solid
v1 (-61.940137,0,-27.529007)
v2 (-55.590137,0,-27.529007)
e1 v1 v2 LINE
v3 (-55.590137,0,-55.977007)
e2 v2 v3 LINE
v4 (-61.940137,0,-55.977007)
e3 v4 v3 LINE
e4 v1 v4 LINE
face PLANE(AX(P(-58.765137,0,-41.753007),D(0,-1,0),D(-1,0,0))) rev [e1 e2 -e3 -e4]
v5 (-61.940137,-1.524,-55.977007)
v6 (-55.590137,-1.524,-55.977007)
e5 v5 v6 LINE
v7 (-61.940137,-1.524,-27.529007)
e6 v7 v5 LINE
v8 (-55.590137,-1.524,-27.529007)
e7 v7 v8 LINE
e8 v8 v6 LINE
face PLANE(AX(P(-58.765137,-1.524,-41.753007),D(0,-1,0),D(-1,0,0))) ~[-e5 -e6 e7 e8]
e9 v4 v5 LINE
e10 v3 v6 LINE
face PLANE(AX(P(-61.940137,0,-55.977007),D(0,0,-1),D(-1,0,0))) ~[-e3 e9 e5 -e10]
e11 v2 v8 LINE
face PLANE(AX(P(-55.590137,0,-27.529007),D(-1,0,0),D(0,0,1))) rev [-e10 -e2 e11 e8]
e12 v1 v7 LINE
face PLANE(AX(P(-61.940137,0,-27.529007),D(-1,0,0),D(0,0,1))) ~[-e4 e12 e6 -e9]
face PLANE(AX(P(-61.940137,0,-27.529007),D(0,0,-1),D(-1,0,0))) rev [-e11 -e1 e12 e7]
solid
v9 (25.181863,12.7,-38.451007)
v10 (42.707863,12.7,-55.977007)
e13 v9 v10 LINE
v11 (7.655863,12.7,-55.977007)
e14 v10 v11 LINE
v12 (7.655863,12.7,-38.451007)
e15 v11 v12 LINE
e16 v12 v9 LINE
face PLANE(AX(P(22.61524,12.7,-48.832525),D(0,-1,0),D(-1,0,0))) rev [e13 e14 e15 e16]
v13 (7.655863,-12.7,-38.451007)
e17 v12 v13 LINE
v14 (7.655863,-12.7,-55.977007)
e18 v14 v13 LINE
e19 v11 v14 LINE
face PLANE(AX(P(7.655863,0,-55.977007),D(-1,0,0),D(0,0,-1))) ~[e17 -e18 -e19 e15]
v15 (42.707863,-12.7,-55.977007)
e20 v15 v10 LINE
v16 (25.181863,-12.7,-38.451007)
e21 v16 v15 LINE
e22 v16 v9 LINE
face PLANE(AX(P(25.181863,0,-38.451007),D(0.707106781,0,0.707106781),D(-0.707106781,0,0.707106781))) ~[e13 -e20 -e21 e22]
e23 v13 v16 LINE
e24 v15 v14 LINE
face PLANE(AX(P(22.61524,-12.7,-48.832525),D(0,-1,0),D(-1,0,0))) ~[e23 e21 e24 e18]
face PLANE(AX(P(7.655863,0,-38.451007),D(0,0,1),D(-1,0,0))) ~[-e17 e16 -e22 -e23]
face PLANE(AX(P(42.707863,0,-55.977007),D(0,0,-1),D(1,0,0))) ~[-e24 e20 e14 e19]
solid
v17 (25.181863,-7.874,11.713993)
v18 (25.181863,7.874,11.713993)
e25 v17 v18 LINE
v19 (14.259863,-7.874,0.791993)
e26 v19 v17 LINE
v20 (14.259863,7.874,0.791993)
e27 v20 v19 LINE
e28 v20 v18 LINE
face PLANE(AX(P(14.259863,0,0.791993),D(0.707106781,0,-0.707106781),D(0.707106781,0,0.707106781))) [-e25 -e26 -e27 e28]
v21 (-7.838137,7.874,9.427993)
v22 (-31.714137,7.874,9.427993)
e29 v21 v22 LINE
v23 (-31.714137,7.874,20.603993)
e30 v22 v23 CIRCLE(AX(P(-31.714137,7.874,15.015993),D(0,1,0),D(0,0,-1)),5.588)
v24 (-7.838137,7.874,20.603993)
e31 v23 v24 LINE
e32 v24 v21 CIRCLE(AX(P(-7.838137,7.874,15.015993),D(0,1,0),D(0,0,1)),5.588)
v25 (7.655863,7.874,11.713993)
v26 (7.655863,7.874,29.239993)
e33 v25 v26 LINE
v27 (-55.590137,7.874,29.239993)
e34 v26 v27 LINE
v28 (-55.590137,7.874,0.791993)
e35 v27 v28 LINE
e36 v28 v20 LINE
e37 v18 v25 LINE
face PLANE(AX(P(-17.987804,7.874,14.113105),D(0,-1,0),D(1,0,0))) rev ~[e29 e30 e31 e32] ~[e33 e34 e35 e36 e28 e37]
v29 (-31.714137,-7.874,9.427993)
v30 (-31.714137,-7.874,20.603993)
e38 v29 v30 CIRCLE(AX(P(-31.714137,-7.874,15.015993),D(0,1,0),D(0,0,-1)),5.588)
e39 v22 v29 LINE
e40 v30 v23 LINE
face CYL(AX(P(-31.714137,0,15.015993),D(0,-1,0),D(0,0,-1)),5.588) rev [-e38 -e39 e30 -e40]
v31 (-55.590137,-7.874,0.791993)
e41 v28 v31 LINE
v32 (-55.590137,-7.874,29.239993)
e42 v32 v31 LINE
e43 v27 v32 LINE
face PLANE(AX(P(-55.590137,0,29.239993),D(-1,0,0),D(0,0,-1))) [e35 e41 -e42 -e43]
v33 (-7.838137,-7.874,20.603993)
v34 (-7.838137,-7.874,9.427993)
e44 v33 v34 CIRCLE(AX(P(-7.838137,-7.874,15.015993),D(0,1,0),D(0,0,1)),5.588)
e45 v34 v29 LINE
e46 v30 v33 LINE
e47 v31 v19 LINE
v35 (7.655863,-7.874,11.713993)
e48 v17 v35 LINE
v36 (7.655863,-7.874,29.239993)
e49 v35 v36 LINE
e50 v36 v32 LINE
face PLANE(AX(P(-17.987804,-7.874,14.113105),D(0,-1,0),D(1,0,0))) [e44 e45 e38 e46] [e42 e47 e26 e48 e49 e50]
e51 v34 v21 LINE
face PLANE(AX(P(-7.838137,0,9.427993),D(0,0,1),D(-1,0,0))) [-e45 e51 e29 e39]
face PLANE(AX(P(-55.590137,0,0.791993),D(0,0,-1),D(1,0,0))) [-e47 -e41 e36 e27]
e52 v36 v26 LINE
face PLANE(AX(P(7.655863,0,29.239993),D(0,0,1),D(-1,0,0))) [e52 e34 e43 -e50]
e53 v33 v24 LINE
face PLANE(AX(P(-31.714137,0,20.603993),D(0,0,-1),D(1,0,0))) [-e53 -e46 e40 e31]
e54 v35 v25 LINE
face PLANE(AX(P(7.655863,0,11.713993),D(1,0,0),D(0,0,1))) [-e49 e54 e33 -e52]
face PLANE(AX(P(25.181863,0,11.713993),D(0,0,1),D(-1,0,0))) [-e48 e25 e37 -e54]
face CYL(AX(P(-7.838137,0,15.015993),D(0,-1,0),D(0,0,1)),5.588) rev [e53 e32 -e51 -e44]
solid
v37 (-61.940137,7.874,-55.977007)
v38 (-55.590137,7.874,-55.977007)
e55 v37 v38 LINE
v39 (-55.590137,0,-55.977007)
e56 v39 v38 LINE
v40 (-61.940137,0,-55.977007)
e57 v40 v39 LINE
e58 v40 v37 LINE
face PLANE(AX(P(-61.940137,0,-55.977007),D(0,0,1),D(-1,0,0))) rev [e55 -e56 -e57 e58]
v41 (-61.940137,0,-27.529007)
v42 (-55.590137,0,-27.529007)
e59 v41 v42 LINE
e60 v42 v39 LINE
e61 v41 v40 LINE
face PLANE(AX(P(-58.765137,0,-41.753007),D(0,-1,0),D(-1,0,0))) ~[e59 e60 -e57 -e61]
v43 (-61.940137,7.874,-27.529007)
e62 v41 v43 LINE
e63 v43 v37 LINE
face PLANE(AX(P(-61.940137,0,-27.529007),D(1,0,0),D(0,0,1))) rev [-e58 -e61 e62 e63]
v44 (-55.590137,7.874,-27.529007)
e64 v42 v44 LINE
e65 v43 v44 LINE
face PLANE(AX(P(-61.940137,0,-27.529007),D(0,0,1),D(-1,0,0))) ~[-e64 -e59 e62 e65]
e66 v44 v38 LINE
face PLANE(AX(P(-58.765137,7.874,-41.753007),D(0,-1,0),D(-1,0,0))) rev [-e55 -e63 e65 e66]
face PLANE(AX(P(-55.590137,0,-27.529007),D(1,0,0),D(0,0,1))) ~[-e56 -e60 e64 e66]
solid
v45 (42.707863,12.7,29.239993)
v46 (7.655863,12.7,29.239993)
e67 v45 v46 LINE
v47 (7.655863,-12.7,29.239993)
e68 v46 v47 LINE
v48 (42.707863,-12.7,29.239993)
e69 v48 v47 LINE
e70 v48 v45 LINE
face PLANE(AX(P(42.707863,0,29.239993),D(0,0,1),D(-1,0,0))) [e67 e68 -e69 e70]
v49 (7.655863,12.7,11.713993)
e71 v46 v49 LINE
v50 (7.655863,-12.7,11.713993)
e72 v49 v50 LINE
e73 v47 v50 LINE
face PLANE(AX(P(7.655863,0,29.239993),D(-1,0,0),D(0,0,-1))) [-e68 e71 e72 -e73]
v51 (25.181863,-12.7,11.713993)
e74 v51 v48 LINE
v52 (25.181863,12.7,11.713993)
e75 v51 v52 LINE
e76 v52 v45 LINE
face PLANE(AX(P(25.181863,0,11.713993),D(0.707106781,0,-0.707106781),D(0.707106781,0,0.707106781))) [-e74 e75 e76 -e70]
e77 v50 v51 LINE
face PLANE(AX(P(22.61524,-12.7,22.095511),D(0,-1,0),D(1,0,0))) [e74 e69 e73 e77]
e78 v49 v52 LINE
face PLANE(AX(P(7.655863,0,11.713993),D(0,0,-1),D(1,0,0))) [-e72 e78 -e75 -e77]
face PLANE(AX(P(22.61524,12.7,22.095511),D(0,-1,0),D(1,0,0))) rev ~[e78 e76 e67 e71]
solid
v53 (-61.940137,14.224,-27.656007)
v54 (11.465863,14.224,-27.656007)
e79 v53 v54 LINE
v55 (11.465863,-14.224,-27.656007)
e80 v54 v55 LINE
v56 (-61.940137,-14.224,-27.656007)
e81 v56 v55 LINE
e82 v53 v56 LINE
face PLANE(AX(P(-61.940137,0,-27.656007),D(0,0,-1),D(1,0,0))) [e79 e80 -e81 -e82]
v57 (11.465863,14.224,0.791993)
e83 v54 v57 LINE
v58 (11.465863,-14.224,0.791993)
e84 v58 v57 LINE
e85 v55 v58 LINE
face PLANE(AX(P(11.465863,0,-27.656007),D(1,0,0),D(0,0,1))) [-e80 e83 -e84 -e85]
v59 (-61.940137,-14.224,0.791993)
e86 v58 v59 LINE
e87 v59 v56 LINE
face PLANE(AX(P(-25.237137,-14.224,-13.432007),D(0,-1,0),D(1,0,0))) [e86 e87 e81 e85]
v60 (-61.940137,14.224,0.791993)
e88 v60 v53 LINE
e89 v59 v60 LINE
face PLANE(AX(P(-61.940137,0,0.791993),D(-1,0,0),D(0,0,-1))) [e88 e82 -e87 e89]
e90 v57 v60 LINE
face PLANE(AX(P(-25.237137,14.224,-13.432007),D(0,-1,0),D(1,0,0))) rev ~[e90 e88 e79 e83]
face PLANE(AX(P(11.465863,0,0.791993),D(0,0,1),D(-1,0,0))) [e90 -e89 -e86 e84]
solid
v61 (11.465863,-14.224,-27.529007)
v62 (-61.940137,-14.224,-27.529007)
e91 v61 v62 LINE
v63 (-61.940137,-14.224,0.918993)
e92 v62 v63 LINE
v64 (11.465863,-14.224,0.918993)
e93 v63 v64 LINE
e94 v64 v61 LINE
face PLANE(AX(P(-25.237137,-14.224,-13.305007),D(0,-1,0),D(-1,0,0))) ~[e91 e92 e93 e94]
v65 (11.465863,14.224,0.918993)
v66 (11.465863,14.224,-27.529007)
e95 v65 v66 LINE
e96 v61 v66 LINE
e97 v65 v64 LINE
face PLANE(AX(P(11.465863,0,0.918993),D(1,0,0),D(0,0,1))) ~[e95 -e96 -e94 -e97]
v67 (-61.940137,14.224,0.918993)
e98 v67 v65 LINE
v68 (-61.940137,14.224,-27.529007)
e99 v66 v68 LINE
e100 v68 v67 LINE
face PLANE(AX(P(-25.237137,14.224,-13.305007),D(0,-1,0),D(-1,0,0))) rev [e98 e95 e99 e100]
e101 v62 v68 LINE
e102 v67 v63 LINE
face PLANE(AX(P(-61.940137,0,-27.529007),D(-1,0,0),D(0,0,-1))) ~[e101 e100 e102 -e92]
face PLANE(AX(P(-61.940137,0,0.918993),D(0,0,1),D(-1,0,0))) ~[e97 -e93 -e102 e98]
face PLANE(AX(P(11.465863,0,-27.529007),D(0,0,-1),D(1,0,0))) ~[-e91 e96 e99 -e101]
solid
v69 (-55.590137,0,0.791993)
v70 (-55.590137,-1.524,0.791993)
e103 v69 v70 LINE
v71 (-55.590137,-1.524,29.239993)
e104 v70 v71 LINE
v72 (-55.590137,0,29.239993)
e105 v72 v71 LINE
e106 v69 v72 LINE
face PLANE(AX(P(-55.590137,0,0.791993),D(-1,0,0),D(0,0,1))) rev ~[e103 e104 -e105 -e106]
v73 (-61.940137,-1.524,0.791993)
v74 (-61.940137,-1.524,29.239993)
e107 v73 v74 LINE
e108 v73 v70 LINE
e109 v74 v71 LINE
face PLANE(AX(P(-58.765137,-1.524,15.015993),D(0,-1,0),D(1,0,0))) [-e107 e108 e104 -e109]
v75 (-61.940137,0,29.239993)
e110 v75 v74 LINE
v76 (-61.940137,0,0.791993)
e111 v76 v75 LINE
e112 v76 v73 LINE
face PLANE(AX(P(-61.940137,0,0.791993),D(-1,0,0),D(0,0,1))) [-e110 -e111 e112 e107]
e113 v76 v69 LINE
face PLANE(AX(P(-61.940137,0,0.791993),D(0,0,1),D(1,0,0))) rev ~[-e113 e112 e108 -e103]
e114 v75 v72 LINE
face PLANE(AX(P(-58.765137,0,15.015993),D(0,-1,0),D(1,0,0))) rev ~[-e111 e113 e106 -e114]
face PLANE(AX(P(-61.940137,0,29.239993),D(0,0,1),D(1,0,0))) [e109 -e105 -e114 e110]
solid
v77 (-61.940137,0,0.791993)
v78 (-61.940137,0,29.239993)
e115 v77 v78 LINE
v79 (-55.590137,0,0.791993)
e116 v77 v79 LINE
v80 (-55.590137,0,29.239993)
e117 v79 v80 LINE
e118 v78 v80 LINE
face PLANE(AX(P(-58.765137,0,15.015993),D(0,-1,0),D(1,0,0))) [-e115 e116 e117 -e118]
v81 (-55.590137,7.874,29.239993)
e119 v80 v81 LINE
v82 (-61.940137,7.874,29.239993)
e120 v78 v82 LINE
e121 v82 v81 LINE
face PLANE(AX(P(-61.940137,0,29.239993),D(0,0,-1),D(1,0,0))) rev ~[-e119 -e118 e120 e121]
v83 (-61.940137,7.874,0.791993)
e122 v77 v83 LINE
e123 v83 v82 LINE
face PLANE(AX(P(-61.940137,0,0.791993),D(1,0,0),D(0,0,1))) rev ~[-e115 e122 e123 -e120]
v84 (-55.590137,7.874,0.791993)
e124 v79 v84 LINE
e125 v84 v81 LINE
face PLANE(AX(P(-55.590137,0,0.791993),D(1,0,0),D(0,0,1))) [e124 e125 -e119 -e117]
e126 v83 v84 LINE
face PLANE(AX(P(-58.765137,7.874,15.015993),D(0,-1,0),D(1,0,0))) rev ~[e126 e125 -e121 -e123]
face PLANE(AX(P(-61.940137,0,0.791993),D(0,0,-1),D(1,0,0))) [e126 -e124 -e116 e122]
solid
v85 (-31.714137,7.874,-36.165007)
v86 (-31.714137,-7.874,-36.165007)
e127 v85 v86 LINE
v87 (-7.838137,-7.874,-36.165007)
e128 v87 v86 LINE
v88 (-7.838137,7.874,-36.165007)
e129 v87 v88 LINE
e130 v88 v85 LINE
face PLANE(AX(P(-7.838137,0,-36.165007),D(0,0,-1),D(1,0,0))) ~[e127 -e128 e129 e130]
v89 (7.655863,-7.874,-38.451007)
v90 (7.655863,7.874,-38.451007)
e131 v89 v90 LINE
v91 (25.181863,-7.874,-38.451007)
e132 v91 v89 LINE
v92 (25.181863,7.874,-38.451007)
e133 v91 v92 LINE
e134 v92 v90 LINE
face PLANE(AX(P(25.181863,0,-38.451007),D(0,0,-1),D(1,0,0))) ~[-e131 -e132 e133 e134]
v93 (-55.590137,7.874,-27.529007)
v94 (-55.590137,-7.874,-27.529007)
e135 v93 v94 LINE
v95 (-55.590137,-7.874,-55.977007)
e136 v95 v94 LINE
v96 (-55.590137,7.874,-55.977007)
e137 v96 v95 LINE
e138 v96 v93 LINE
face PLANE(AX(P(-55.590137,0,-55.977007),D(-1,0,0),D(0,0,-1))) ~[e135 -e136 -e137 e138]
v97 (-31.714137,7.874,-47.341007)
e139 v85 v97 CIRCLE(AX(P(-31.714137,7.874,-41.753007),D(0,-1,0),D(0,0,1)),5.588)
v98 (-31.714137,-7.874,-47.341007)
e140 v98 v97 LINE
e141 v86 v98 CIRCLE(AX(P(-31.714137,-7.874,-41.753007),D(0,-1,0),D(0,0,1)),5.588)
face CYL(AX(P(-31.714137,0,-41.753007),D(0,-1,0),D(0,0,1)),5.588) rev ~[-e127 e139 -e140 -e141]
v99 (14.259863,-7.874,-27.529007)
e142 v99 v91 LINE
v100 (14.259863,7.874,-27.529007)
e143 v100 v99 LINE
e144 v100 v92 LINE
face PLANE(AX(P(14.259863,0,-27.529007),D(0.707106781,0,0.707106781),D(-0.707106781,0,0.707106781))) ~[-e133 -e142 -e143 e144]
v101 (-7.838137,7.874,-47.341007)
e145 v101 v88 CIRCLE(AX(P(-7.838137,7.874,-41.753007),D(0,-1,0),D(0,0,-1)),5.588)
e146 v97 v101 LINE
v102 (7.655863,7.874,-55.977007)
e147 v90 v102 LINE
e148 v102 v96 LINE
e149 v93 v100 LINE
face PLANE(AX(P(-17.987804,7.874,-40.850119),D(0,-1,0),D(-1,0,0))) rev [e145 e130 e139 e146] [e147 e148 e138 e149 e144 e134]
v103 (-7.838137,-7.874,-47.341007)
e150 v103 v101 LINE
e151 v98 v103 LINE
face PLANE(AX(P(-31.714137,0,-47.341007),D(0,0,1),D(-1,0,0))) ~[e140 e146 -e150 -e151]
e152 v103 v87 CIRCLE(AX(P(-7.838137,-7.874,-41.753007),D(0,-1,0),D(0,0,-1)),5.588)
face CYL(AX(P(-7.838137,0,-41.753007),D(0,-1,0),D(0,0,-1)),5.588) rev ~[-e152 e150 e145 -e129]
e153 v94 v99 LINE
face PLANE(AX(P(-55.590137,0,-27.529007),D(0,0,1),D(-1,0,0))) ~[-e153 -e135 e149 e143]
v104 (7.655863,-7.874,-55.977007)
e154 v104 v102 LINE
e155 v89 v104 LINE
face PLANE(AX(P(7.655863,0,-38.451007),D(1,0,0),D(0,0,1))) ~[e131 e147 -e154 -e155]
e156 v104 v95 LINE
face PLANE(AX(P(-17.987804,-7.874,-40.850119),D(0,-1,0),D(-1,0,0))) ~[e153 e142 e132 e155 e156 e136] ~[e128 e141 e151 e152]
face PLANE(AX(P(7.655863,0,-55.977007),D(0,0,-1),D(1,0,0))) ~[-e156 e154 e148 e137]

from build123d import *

# Parameters (mm, degrees)
F1_DEPTH = 12.7
F2_DEPTH = 14.224
F3_DEPTH = 7.874
F0_W     = 6.35
F0_H     = 28.448
F4_DEPTH = 7.874
F5_DEPTH = 1.524


with BuildPart() as f1:
    # F0 (on Front) → F1 (new body, symmetric)
    with BuildSketch(Plane.XZ):
        Polygon((42.707863, 29.239993), (7.655863, 29.239993), (7.655863, 11.713993), (25.181863, 11.713993), align=None)
    extrude(amount=F1_DEPTH, both=True)


with BuildPart() as f2:
    # F0 (on Front) → F2 (new body, symmetric)
    with BuildSketch(Plane.XZ):
        Polygon((-55.590137, 0.791993), (-61.940137, 0.791993), (-61.940137, -27.656007), (11.465863, -27.656007), (11.465863, 0.791993), align=None)
    extrude(amount=F2_DEPTH, both=True)


with BuildPart() as f3:
    # F0 (on Front) → F3 (new body, symmetric)
    with BuildSketch(Plane.XZ):
        Polygon((7.655863, 29.239993), (-55.590137, 29.239993), (-55.590137, 0.791993), (11.465863, 0.791993), (14.259863, 0.791993), (25.181863, 11.713993), (7.655863, 11.713993), align=None)
        with BuildLine():
            ThreePointArc((-31.714137, 9.427993), (-37.302137, 15.015993), (-31.714137, 20.603993))
            Line((-31.714137, 20.603993), (-7.838137, 20.603993))
            ThreePointArc((-7.838137, 20.603993), (-2.250137, 15.015993), (-7.838137, 9.427993))
            Line((-7.838137, 9.427993), (-31.714137, 9.427993))
        make_face(mode=Mode.SUBTRACT)
    extrude(amount=F3_DEPTH, both=True)


with BuildPart() as f4:
    # F0 (on Front) → F4 (new body)
    with BuildSketch(Plane.XZ):
        with Locations((-58.765137, 15.015993)):
            Rectangle(F0_W, F0_H)
    extrude(amount=-F4_DEPTH)


with BuildPart() as f5:
    # F0 (on Front) → F5 (new body)
    with BuildSketch(Plane.XZ):
        with Locations((-58.765137, 15.015993)):
            Rectangle(F0_W, F0_H)
    extrude(amount=F5_DEPTH)


with BuildPart() as f7_1:
    # F7: instance of F3
    add(f3.part.mirror(Plane(origin=(-25.237137, 0, -13.368507), x_dir=(1, 0, 0), z_dir=(0, 0, -1))))


with BuildPart() as f7_2:
    # F7: instance of F4
    add(f4.part.mirror(Plane(origin=(-25.237137, 0, -13.368507), x_dir=(1, 0, 0), z_dir=(0, 0, -1))))


with BuildPart() as f7_3:
    # F7: instance of F5
    add(f5.part.mirror(Plane(origin=(-25.237137, 0, -13.368507), x_dir=(1, 0, 0), z_dir=(0, 0, -1))))


with BuildPart() as f7_4:
    # F7: instance of F2
    add(f2.part.mirror(Plane(origin=(-25.237137, 0, -13.368507), x_dir=(1, 0, 0), z_dir=(0, 0, -1))))


with BuildPart() as f7_5:
    # F7: instance of F1
    add(f1.part.mirror(Plane(origin=(-25.237137, 0, -13.368507), x_dir=(1, 0, 0), z_dir=(0, 0, -1))))


solid = Compound([f1.part, f2.part, f3.part, f4.part, f5.part, f7_1.part, f7_2.part, f7_3.part, f7_4.part, f7_5.part])
